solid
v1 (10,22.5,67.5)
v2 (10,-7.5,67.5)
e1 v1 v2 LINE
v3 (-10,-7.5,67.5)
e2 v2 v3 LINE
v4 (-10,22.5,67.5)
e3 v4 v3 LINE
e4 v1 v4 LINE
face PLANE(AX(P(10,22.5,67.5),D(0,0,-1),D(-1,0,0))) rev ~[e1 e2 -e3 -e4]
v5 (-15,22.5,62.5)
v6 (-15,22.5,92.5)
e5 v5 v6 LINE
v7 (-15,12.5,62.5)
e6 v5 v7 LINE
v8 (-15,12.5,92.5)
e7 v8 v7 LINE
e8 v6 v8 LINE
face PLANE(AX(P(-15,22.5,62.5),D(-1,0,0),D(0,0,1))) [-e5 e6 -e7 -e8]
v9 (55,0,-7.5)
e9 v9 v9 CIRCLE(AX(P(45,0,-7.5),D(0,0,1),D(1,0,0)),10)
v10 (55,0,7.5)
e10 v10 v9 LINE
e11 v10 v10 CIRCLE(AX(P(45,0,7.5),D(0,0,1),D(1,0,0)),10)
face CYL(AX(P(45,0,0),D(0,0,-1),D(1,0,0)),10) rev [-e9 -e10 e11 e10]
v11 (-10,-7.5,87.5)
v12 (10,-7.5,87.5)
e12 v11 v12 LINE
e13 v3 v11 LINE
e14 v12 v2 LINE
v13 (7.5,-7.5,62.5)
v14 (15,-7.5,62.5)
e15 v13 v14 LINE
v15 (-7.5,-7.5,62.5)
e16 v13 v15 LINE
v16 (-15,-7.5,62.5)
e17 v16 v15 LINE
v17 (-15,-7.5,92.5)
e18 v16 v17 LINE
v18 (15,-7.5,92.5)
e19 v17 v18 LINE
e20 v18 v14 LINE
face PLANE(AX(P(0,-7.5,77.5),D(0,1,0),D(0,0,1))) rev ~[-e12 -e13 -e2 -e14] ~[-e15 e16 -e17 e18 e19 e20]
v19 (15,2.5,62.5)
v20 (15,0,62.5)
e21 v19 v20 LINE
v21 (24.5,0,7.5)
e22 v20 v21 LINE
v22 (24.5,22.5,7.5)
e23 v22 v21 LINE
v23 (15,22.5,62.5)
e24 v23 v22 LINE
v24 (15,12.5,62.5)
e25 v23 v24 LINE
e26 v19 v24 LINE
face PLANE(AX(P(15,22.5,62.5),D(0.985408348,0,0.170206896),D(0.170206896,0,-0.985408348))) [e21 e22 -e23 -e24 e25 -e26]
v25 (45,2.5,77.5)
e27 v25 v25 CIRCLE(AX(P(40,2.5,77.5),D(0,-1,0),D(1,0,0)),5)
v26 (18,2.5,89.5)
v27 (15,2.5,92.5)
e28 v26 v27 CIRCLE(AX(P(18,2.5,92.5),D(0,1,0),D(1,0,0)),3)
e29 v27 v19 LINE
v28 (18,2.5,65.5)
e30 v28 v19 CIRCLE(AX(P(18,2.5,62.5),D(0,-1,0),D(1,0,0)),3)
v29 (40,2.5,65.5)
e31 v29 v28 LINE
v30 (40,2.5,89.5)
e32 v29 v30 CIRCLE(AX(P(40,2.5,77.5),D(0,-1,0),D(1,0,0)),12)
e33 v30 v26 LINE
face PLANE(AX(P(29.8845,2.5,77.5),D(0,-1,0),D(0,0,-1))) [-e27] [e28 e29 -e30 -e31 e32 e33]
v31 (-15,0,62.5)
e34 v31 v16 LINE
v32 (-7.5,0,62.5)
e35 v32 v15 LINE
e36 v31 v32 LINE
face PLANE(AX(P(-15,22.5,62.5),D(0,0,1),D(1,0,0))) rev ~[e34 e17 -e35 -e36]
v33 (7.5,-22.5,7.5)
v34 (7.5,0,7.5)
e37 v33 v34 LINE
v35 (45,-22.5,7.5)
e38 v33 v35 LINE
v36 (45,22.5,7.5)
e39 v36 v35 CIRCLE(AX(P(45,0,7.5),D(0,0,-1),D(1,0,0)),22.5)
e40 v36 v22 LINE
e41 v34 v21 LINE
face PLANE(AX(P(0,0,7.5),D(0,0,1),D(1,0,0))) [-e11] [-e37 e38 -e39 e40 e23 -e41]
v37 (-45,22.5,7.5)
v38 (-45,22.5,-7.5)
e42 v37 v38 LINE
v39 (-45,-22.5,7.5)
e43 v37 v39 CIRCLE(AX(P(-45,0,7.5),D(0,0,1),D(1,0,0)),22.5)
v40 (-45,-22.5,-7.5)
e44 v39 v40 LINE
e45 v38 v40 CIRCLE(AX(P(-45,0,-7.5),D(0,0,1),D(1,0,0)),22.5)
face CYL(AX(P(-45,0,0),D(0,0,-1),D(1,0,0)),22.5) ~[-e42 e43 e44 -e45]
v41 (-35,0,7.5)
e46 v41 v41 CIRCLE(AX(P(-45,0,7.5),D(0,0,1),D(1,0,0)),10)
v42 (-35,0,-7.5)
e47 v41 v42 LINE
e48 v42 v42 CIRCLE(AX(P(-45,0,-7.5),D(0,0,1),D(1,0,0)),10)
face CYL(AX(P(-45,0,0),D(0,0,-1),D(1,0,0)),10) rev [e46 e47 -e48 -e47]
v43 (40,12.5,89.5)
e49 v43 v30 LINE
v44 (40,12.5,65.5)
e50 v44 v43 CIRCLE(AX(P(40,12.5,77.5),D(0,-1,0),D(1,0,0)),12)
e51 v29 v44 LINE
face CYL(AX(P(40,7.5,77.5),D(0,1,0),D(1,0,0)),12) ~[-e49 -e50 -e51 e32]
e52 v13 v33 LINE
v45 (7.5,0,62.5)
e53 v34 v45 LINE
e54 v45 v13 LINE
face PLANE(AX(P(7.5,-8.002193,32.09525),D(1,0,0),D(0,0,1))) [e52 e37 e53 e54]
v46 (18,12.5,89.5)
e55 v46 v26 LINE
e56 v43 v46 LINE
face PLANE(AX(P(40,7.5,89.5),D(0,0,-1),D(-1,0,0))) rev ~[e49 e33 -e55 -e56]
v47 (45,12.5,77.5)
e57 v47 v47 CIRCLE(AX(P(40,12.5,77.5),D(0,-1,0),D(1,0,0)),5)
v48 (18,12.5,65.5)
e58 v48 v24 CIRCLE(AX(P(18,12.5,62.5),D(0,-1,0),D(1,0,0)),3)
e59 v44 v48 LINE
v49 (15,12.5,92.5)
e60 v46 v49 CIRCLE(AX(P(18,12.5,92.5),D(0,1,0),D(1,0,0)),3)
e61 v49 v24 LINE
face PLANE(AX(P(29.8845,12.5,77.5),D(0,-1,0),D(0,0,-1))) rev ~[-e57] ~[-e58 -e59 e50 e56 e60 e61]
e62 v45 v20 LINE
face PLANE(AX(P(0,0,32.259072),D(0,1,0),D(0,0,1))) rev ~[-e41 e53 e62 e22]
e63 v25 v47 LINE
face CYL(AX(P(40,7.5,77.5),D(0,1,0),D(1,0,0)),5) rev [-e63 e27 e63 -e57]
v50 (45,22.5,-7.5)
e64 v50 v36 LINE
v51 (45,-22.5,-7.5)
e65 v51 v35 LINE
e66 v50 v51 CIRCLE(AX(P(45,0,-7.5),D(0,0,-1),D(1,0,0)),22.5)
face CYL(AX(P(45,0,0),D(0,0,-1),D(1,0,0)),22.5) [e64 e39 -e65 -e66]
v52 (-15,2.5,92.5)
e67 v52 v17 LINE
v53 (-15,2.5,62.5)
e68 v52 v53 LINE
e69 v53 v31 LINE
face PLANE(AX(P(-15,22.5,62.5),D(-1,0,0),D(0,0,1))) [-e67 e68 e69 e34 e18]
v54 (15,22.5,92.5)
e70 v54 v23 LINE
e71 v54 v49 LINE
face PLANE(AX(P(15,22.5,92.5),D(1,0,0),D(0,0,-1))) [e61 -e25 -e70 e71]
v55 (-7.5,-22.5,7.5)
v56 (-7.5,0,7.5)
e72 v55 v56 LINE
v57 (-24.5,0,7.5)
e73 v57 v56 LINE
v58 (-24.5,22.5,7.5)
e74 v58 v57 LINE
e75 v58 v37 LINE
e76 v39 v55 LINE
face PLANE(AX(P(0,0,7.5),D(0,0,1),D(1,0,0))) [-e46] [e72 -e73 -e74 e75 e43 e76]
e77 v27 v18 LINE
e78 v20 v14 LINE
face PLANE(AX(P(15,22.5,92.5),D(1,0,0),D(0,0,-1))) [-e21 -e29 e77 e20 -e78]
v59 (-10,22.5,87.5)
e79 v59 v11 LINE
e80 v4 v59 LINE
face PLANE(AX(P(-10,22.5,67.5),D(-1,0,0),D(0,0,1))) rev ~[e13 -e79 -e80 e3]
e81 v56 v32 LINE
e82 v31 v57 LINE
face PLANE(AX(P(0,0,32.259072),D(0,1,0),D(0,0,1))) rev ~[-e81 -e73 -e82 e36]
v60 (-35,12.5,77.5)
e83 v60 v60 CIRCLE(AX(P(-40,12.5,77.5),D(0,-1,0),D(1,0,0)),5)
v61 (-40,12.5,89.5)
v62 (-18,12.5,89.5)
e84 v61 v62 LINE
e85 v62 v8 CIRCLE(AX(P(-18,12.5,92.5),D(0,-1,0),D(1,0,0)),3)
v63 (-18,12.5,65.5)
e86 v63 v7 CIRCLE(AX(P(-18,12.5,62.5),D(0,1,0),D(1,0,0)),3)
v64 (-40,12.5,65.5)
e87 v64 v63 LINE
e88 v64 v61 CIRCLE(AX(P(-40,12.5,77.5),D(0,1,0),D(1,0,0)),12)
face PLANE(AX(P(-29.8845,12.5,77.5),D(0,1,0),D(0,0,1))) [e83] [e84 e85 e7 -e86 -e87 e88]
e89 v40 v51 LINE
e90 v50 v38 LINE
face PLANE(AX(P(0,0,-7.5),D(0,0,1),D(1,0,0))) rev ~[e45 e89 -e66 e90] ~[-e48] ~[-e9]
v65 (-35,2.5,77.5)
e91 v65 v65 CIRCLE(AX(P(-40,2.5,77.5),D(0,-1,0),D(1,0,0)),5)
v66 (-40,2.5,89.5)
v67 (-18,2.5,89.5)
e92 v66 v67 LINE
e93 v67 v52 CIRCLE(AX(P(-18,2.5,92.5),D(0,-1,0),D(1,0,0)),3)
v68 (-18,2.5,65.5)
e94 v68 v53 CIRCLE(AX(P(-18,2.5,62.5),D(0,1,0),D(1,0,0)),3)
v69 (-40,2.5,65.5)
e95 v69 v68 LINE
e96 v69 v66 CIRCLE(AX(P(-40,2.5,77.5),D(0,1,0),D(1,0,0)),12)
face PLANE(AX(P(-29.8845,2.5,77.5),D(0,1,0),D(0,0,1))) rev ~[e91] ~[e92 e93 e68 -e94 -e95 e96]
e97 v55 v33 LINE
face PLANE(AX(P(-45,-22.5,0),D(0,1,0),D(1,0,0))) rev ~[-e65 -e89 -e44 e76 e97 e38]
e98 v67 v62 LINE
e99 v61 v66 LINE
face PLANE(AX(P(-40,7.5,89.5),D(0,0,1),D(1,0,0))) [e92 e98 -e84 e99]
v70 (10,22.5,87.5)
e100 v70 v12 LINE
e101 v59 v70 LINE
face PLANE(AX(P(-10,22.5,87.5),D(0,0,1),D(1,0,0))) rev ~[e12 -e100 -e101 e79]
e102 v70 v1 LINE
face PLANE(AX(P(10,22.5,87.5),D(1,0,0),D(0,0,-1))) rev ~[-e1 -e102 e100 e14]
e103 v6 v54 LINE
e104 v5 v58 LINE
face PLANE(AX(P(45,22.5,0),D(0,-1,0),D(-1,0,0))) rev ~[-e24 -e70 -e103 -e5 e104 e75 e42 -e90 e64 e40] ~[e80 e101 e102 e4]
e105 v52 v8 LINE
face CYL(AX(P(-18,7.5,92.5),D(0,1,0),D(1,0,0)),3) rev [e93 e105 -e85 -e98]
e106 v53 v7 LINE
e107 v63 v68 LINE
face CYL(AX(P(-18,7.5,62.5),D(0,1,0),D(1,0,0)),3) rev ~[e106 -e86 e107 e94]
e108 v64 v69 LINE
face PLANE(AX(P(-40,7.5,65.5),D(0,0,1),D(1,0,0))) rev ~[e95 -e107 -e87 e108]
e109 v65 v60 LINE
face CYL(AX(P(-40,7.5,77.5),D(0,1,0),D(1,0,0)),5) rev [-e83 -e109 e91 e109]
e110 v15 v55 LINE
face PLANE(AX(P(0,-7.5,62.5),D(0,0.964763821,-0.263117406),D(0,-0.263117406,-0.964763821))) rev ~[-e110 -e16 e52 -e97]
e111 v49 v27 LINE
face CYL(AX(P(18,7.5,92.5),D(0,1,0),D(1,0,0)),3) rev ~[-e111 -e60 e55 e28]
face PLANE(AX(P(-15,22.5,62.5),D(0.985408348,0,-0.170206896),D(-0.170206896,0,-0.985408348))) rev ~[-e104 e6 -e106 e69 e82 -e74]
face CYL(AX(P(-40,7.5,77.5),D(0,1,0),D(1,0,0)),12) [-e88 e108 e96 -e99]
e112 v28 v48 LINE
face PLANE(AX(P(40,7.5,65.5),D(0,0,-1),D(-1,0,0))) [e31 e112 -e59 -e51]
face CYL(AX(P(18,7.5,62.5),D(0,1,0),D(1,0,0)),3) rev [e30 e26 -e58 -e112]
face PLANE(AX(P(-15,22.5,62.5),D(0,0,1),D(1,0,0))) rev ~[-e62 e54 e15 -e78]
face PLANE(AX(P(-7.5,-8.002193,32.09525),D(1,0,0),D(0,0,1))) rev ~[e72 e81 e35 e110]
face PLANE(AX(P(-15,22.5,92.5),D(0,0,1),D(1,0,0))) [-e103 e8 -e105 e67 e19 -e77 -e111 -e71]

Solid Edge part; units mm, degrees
sketch "Sketch1" plane through (0, 0, 0) normal (0, 0, 1) x (1, 0, 0)
  line L0 (-45, -22.5) -> (45, -22.5)
  arc A0 (45, 22.5) -> (45, -22.5) centre (45, 0) cw
  line L1 (45, 22.5) -> (-45, 22.5)
  arc A1 (-45, 22.5) -> (-45, -22.5) centre (-45, 0) ccw
  circle A2 centre (-45, 0) radius 10
  circle A3 centre (45, 0) radius 10
  dimension "D1" = 20
  dimension "D2" = 20
  dimension "D3" = 22.5
extrude "Protrusion1" add sketch "Sketch1" along normal mid plane 15
sketch "Sketch2" plane through (0, 22.5, 0) normal (0, 1, 0) x (-1, 0, 0)
  line L0 (-15, 62.5) -> (-24.5, 7.5)
  line L1 (24.5, 7.5) -> (-24.5, 7.5)
  line L2 (15, 62.5) -> (24.5, 7.5)
  line L3 (15, 62.5) -> (-15, 62.5)
extrude "ExtrudedProtrusion_2" add sketch "Sketch2" against normal blind 22.5
sketch "Sketch3" plane through (0, 22.5, 0) normal (0, 1, 0) x (-1, 0, 0)
  line L0 (-15, 92.5) -> (-15, 62.5)
  line L1 (15, 62.5) -> (-15, 62.5)
  line L2 (15, 62.5) -> (15, 92.5)
  line L3 (15, 92.5) -> (-15, 92.5)
  line L4 (-10, 87.5) -> (-10, 67.5)
  line L5 (-10, 67.5) -> (10, 67.5)
  line L6 (10, 67.5) -> (10, 87.5)
  line L7 (10, 87.5) -> (-10, 87.5)
  dimension "D1" = 30
  dimension "D2" = 49
  dimension "D3" = 55.8144
  dimension "D4" = 55.8144
  dimension "D5" = 30
  dimension "D6" = 30
  dimension "D7" = 20
  dimension "D8" = 20
extrude "ExtrudedProtrusion_3" add sketch "Sketch3" against normal blind 30
sketch "Sketch4" plane through (0, 0, 0) normal (1, 0, 0) x (0, 1, 0)
  line L0 (-7.5, 62.5) -> (-22.5, 7.5)
  line L1 (-22.5, 7.5) -> (0, 7.5)
  line L2 (0, 7.5) -> (0, 62.5)
  line L3 (0, 62.5) -> (-7.5, 62.5)
extrude "ExtrudedProtrusion_4" add sketch "Sketch4" along normal mid plane 15
sketch "Sketch5" plane through (0, 7.5, 77.5) normal (0, -1, 0) x (1, 0, 0)
  arc A0 (40, -12) -> (40, 12) centre (40, 0) ccw
  line L0 (40, 12) -> (18, 12)
  arc A1 (18, 12) -> (15, 15) centre (18, 15) cw
  line L1 (15, 15) -> (15, -15)
  arc A2 (18, -12) -> (15, -15) centre (18, -15) ccw
  line L2 (40, -12) -> (18, -12)
  circle A3 centre (40, 0) radius 5
  line L3 (-40, 12) -> (-18, 12)
  arc A4 (-18, 12) -> (-15, 15) centre (-18, 15) ccw
  line L4 (-15, 15) -> (-15, -15)
  arc A5 (-18, -12) -> (-15, -15) centre (-18, -15) cw
  line L5 (-40, -12) -> (-18, -12)
  arc A6 (-40, -12) -> (-40, 12) centre (-40, 0) cw
  circle A7 centre (-40, 0) radius 5
  dimension "D1" = 10
  dimension "D2" = 22
  dimension "D3" = 3
  dimension "D4" = 3
  dimension "D5" = 12
extrude "ExtrudedProtrusion_5" add sketch "Sketch5" along normal mid plane 10
